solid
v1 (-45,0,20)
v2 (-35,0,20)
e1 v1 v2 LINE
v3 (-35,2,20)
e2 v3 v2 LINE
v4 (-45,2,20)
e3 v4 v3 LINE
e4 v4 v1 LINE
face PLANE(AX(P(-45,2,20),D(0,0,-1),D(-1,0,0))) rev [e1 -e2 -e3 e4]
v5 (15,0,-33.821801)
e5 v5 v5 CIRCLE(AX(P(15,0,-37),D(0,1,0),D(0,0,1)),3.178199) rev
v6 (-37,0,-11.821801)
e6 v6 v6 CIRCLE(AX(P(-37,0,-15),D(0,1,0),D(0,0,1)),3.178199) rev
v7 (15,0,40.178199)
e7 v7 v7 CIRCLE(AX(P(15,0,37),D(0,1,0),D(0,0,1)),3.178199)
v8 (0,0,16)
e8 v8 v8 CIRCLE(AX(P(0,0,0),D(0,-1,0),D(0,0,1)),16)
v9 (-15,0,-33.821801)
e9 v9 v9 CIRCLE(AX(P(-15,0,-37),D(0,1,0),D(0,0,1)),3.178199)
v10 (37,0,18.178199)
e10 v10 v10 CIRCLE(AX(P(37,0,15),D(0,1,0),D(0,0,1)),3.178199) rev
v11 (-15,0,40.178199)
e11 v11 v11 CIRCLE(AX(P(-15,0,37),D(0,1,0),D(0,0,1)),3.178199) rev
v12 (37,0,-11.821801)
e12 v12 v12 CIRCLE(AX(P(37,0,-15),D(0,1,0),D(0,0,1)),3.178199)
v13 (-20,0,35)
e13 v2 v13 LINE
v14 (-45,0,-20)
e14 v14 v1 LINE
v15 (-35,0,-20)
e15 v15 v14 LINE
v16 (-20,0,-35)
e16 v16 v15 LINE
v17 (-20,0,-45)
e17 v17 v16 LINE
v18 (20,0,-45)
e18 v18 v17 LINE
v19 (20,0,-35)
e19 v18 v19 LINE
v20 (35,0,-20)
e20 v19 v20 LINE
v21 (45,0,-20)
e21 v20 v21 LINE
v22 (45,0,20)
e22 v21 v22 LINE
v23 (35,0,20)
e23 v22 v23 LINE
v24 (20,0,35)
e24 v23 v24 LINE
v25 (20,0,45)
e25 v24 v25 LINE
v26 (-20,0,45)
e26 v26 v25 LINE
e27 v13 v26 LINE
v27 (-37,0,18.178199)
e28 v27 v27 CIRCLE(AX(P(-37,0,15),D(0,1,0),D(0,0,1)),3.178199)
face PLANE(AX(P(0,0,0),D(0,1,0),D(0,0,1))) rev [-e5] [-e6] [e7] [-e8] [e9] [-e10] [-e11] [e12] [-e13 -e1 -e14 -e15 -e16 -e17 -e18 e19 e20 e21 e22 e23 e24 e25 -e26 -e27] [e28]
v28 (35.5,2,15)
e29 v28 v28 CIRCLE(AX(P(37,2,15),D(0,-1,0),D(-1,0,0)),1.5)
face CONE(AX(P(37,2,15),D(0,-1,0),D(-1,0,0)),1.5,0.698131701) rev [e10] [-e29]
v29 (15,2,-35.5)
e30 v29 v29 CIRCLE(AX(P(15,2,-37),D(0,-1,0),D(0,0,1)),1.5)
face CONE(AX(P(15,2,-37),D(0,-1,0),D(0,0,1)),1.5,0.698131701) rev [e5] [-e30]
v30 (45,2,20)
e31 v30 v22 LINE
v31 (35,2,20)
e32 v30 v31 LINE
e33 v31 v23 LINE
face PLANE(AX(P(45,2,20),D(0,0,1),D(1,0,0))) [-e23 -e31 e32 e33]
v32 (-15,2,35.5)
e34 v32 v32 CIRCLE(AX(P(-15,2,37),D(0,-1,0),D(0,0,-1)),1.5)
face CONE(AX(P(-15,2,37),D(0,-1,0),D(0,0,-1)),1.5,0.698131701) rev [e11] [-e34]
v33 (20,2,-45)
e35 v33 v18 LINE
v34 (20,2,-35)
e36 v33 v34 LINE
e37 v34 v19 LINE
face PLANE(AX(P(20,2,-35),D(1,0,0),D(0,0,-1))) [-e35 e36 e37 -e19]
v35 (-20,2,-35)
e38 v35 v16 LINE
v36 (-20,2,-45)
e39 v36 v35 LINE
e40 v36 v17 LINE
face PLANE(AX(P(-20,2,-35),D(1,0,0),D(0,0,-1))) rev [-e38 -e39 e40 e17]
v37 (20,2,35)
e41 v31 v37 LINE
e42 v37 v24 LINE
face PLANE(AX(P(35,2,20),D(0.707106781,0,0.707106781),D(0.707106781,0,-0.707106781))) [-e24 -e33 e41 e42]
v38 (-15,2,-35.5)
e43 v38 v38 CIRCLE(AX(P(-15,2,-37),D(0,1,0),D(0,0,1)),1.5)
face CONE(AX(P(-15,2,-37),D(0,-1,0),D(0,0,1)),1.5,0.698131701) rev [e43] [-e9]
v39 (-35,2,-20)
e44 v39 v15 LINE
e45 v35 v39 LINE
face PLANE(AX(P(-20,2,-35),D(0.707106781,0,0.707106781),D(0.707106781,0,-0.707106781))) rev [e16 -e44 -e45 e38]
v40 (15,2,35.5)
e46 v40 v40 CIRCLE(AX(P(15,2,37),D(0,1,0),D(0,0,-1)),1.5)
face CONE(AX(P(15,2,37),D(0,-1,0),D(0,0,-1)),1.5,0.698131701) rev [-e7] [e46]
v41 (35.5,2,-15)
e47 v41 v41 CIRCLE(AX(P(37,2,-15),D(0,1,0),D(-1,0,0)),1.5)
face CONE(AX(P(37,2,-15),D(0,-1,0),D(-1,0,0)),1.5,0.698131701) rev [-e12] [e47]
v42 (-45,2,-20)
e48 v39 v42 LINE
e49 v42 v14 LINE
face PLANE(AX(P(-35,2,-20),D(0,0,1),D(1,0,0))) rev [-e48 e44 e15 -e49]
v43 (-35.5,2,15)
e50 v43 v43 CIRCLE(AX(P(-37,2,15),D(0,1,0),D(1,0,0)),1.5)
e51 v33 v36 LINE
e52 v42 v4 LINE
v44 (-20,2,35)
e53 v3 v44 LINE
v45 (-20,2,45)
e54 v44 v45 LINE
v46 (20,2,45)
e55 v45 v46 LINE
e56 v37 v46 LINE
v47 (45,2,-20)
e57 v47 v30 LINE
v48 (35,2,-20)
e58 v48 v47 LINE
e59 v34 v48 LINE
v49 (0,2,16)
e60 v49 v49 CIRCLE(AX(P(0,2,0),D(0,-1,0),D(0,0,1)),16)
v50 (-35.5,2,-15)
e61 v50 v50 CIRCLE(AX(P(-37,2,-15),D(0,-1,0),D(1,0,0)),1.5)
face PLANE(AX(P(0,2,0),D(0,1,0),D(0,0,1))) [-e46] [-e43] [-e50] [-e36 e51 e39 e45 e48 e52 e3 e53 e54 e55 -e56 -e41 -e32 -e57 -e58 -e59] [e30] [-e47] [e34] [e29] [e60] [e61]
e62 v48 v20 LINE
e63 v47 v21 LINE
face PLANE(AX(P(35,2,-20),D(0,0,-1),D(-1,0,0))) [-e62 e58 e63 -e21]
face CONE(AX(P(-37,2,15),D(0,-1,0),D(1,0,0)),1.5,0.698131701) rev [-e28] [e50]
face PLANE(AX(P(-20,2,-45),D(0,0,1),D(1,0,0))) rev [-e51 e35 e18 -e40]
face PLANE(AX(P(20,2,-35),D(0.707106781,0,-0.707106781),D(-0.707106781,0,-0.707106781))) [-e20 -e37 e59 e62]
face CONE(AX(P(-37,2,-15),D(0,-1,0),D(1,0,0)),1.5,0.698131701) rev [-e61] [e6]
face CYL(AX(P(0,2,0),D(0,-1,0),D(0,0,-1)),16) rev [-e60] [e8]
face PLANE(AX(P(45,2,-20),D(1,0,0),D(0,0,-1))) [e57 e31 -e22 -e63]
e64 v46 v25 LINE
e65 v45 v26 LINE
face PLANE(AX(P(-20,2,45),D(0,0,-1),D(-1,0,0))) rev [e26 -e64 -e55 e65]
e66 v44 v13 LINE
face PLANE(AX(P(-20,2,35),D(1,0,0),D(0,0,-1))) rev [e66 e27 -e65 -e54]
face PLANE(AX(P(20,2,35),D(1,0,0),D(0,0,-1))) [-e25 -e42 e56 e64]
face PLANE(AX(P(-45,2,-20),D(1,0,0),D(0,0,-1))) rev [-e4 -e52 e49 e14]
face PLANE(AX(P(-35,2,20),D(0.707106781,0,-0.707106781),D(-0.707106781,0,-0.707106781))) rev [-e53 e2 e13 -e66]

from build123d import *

# Parameters (mm, degrees)
RESSALTO_EXTRUS_O1_DEPTH        = 2
ESBO_O2_R                       = 1.5
CORTE_EXTRUS_O1_DEPTH           = 3
CORTE_EXTRUS_O1_TAPER           = -40
ESPELHAR3_COPY_1_SKETCH_R       = 1.5
ESPELHAR3_COPY_1_DEPTH          = 3
ESPELHAR3_COPY_1_TAPER          = -40
PADR_OCIRCULAR1_COUNT           = 2
PADR_OCIRCULAR1_ANGLE           = 90
PADR_OCIRCULAR1_COPY_1_SKETCH_R = 1.5
PADR_OCIRCULAR1_COPY_1_DEPTH    = 3
PADR_OCIRCULAR1_COPY_1_TAPER    = -40
PADR_OCIRCULAR1_COPY_2_SKETCH_R = 1.5
PADR_OCIRCULAR1_COPY_2_DEPTH    = 3
PADR_OCIRCULAR1_COPY_2_TAPER    = -40
PADR_OCIRCULAR1_COPY_3_SKETCH_R = 1.5
PADR_OCIRCULAR1_COPY_3_DEPTH    = 3
PADR_OCIRCULAR1_COPY_3_TAPER    = -40


with BuildPart() as part:
    # Esboço1 → Ressalto-extrusão1 (new body)
    with BuildSketch(Plane(origin=(0, 0, 0), x_dir=(1, 0, 0), z_dir=(0, 1, 0))):
        with BuildLine():
            Line((-20, 35), (-20, 45))
            Line((-20, 45), (0, 45))
            Line((0, 45), (0, 16))
            ThreePointArc((0, 16), (-16, 0), (0, -16))
            Line((0, -16), (0, -45))
            Line((0, -45), (-20, -45))
            Line((-20, -45), (-20, -35))
            Line((-20, -35), (-35, -20))
            Line((-35, -20), (-45, -20))
            Line((-45, -20), (-45, 20))
            Line((-45, 20), (-35, 20))
            Line((-35, 20), (-20, 35))
        make_face()
    ressalto_extrus_o1 = extrude(amount=RESSALTO_EXTRUS_O1_DEPTH)

    # Espelhar1: Ressalto-extrusão1 across plane
    add(ressalto_extrus_o1.mirror(Plane(origin=(0, 2, -16), x_dir=(0, 0, 1), z_dir=(-1, 0, 0))))

    # Esboço2 → Corte-extrusão1 (cut, through all)
    with BuildSketch(Plane(origin=(0, 2, 0), x_dir=(1, 0, 0), z_dir=(0, 1, 0))):
        with Locations((-15, 37)):
            Circle(ESBO_O2_R)
    corte_extrus_o1 = extrude(amount=-CORTE_EXTRUS_O1_DEPTH, taper=CORTE_EXTRUS_O1_TAPER, mode=Mode.SUBTRACT)

    # Espelhar2: Corte-extrusão1 across plane
    add(corte_extrus_o1.mirror(Plane(origin=(0, 0, 0), x_dir=(0, 0, 1), z_dir=(1, 0, 0))), mode=Mode.SUBTRACT)

    # Espelhar3: Corte-extrusão1 across plane
    add(corte_extrus_o1.mirror(Plane.XY), mode=Mode.SUBTRACT)

    # Espelhar3 copy 1 sketch → Espelhar3 copy 1 (cut, through all)
    with BuildSketch(Plane(origin=(0, 2, 0), x_dir=(-1, 0, 0), z_dir=(0, 1, 0))):
        with Locations((-15, 37)):
            Circle(ESPELHAR3_COPY_1_SKETCH_R)
    extrude(amount=-ESPELHAR3_COPY_1_DEPTH, taper=ESPELHAR3_COPY_1_TAPER, mode=Mode.SUBTRACT)

    # PadrãoCircular1: Corte-extrusão1 ×2 about axis
    padr_ocircular1_axis = Axis((0, 0, 0), (0, -1, 0))
    for i in range(1, PADR_OCIRCULAR1_COUNT):
        add(corte_extrus_o1.rotate(padr_ocircular1_axis, i * PADR_OCIRCULAR1_ANGLE / (PADR_OCIRCULAR1_COUNT - 1)), mode=Mode.SUBTRACT)

    # PadrãoCircular1 copy 1 sketch → PadrãoCircular1 copy 1 (cut, through all)
    with BuildSketch(Plane.ZX.offset(2)):
        with Locations((-15, -37)):
            Circle(PADR_OCIRCULAR1_COPY_1_SKETCH_R)
    extrude(amount=-PADR_OCIRCULAR1_COPY_1_DEPTH, taper=PADR_OCIRCULAR1_COPY_1_TAPER, mode=Mode.SUBTRACT)

    # PadrãoCircular1 copy 2 sketch → PadrãoCircular1 copy 2 (cut, through all)
    with BuildSketch(Plane(origin=(0, 2, 0), x_dir=(0, 0, -1), z_dir=(0, 1, 0))):
        with Locations((-15, 37)):
            Circle(PADR_OCIRCULAR1_COPY_2_SKETCH_R)
    extrude(amount=-PADR_OCIRCULAR1_COPY_2_DEPTH, taper=PADR_OCIRCULAR1_COPY_2_TAPER, mode=Mode.SUBTRACT)

    # PadrãoCircular1 copy 3 sketch → PadrãoCircular1 copy 3 (cut, through all)
    with BuildSketch(Plane(origin=(0, 2, 0), x_dir=(0, 0, -1), z_dir=(0, 1, 0))):
        with Locations((-15, -37)):
            Circle(PADR_OCIRCULAR1_COPY_3_SKETCH_R)
    extrude(amount=-PADR_OCIRCULAR1_COPY_3_DEPTH, taper=PADR_OCIRCULAR1_COPY_3_TAPER, mode=Mode.SUBTRACT)


solid = part.part
